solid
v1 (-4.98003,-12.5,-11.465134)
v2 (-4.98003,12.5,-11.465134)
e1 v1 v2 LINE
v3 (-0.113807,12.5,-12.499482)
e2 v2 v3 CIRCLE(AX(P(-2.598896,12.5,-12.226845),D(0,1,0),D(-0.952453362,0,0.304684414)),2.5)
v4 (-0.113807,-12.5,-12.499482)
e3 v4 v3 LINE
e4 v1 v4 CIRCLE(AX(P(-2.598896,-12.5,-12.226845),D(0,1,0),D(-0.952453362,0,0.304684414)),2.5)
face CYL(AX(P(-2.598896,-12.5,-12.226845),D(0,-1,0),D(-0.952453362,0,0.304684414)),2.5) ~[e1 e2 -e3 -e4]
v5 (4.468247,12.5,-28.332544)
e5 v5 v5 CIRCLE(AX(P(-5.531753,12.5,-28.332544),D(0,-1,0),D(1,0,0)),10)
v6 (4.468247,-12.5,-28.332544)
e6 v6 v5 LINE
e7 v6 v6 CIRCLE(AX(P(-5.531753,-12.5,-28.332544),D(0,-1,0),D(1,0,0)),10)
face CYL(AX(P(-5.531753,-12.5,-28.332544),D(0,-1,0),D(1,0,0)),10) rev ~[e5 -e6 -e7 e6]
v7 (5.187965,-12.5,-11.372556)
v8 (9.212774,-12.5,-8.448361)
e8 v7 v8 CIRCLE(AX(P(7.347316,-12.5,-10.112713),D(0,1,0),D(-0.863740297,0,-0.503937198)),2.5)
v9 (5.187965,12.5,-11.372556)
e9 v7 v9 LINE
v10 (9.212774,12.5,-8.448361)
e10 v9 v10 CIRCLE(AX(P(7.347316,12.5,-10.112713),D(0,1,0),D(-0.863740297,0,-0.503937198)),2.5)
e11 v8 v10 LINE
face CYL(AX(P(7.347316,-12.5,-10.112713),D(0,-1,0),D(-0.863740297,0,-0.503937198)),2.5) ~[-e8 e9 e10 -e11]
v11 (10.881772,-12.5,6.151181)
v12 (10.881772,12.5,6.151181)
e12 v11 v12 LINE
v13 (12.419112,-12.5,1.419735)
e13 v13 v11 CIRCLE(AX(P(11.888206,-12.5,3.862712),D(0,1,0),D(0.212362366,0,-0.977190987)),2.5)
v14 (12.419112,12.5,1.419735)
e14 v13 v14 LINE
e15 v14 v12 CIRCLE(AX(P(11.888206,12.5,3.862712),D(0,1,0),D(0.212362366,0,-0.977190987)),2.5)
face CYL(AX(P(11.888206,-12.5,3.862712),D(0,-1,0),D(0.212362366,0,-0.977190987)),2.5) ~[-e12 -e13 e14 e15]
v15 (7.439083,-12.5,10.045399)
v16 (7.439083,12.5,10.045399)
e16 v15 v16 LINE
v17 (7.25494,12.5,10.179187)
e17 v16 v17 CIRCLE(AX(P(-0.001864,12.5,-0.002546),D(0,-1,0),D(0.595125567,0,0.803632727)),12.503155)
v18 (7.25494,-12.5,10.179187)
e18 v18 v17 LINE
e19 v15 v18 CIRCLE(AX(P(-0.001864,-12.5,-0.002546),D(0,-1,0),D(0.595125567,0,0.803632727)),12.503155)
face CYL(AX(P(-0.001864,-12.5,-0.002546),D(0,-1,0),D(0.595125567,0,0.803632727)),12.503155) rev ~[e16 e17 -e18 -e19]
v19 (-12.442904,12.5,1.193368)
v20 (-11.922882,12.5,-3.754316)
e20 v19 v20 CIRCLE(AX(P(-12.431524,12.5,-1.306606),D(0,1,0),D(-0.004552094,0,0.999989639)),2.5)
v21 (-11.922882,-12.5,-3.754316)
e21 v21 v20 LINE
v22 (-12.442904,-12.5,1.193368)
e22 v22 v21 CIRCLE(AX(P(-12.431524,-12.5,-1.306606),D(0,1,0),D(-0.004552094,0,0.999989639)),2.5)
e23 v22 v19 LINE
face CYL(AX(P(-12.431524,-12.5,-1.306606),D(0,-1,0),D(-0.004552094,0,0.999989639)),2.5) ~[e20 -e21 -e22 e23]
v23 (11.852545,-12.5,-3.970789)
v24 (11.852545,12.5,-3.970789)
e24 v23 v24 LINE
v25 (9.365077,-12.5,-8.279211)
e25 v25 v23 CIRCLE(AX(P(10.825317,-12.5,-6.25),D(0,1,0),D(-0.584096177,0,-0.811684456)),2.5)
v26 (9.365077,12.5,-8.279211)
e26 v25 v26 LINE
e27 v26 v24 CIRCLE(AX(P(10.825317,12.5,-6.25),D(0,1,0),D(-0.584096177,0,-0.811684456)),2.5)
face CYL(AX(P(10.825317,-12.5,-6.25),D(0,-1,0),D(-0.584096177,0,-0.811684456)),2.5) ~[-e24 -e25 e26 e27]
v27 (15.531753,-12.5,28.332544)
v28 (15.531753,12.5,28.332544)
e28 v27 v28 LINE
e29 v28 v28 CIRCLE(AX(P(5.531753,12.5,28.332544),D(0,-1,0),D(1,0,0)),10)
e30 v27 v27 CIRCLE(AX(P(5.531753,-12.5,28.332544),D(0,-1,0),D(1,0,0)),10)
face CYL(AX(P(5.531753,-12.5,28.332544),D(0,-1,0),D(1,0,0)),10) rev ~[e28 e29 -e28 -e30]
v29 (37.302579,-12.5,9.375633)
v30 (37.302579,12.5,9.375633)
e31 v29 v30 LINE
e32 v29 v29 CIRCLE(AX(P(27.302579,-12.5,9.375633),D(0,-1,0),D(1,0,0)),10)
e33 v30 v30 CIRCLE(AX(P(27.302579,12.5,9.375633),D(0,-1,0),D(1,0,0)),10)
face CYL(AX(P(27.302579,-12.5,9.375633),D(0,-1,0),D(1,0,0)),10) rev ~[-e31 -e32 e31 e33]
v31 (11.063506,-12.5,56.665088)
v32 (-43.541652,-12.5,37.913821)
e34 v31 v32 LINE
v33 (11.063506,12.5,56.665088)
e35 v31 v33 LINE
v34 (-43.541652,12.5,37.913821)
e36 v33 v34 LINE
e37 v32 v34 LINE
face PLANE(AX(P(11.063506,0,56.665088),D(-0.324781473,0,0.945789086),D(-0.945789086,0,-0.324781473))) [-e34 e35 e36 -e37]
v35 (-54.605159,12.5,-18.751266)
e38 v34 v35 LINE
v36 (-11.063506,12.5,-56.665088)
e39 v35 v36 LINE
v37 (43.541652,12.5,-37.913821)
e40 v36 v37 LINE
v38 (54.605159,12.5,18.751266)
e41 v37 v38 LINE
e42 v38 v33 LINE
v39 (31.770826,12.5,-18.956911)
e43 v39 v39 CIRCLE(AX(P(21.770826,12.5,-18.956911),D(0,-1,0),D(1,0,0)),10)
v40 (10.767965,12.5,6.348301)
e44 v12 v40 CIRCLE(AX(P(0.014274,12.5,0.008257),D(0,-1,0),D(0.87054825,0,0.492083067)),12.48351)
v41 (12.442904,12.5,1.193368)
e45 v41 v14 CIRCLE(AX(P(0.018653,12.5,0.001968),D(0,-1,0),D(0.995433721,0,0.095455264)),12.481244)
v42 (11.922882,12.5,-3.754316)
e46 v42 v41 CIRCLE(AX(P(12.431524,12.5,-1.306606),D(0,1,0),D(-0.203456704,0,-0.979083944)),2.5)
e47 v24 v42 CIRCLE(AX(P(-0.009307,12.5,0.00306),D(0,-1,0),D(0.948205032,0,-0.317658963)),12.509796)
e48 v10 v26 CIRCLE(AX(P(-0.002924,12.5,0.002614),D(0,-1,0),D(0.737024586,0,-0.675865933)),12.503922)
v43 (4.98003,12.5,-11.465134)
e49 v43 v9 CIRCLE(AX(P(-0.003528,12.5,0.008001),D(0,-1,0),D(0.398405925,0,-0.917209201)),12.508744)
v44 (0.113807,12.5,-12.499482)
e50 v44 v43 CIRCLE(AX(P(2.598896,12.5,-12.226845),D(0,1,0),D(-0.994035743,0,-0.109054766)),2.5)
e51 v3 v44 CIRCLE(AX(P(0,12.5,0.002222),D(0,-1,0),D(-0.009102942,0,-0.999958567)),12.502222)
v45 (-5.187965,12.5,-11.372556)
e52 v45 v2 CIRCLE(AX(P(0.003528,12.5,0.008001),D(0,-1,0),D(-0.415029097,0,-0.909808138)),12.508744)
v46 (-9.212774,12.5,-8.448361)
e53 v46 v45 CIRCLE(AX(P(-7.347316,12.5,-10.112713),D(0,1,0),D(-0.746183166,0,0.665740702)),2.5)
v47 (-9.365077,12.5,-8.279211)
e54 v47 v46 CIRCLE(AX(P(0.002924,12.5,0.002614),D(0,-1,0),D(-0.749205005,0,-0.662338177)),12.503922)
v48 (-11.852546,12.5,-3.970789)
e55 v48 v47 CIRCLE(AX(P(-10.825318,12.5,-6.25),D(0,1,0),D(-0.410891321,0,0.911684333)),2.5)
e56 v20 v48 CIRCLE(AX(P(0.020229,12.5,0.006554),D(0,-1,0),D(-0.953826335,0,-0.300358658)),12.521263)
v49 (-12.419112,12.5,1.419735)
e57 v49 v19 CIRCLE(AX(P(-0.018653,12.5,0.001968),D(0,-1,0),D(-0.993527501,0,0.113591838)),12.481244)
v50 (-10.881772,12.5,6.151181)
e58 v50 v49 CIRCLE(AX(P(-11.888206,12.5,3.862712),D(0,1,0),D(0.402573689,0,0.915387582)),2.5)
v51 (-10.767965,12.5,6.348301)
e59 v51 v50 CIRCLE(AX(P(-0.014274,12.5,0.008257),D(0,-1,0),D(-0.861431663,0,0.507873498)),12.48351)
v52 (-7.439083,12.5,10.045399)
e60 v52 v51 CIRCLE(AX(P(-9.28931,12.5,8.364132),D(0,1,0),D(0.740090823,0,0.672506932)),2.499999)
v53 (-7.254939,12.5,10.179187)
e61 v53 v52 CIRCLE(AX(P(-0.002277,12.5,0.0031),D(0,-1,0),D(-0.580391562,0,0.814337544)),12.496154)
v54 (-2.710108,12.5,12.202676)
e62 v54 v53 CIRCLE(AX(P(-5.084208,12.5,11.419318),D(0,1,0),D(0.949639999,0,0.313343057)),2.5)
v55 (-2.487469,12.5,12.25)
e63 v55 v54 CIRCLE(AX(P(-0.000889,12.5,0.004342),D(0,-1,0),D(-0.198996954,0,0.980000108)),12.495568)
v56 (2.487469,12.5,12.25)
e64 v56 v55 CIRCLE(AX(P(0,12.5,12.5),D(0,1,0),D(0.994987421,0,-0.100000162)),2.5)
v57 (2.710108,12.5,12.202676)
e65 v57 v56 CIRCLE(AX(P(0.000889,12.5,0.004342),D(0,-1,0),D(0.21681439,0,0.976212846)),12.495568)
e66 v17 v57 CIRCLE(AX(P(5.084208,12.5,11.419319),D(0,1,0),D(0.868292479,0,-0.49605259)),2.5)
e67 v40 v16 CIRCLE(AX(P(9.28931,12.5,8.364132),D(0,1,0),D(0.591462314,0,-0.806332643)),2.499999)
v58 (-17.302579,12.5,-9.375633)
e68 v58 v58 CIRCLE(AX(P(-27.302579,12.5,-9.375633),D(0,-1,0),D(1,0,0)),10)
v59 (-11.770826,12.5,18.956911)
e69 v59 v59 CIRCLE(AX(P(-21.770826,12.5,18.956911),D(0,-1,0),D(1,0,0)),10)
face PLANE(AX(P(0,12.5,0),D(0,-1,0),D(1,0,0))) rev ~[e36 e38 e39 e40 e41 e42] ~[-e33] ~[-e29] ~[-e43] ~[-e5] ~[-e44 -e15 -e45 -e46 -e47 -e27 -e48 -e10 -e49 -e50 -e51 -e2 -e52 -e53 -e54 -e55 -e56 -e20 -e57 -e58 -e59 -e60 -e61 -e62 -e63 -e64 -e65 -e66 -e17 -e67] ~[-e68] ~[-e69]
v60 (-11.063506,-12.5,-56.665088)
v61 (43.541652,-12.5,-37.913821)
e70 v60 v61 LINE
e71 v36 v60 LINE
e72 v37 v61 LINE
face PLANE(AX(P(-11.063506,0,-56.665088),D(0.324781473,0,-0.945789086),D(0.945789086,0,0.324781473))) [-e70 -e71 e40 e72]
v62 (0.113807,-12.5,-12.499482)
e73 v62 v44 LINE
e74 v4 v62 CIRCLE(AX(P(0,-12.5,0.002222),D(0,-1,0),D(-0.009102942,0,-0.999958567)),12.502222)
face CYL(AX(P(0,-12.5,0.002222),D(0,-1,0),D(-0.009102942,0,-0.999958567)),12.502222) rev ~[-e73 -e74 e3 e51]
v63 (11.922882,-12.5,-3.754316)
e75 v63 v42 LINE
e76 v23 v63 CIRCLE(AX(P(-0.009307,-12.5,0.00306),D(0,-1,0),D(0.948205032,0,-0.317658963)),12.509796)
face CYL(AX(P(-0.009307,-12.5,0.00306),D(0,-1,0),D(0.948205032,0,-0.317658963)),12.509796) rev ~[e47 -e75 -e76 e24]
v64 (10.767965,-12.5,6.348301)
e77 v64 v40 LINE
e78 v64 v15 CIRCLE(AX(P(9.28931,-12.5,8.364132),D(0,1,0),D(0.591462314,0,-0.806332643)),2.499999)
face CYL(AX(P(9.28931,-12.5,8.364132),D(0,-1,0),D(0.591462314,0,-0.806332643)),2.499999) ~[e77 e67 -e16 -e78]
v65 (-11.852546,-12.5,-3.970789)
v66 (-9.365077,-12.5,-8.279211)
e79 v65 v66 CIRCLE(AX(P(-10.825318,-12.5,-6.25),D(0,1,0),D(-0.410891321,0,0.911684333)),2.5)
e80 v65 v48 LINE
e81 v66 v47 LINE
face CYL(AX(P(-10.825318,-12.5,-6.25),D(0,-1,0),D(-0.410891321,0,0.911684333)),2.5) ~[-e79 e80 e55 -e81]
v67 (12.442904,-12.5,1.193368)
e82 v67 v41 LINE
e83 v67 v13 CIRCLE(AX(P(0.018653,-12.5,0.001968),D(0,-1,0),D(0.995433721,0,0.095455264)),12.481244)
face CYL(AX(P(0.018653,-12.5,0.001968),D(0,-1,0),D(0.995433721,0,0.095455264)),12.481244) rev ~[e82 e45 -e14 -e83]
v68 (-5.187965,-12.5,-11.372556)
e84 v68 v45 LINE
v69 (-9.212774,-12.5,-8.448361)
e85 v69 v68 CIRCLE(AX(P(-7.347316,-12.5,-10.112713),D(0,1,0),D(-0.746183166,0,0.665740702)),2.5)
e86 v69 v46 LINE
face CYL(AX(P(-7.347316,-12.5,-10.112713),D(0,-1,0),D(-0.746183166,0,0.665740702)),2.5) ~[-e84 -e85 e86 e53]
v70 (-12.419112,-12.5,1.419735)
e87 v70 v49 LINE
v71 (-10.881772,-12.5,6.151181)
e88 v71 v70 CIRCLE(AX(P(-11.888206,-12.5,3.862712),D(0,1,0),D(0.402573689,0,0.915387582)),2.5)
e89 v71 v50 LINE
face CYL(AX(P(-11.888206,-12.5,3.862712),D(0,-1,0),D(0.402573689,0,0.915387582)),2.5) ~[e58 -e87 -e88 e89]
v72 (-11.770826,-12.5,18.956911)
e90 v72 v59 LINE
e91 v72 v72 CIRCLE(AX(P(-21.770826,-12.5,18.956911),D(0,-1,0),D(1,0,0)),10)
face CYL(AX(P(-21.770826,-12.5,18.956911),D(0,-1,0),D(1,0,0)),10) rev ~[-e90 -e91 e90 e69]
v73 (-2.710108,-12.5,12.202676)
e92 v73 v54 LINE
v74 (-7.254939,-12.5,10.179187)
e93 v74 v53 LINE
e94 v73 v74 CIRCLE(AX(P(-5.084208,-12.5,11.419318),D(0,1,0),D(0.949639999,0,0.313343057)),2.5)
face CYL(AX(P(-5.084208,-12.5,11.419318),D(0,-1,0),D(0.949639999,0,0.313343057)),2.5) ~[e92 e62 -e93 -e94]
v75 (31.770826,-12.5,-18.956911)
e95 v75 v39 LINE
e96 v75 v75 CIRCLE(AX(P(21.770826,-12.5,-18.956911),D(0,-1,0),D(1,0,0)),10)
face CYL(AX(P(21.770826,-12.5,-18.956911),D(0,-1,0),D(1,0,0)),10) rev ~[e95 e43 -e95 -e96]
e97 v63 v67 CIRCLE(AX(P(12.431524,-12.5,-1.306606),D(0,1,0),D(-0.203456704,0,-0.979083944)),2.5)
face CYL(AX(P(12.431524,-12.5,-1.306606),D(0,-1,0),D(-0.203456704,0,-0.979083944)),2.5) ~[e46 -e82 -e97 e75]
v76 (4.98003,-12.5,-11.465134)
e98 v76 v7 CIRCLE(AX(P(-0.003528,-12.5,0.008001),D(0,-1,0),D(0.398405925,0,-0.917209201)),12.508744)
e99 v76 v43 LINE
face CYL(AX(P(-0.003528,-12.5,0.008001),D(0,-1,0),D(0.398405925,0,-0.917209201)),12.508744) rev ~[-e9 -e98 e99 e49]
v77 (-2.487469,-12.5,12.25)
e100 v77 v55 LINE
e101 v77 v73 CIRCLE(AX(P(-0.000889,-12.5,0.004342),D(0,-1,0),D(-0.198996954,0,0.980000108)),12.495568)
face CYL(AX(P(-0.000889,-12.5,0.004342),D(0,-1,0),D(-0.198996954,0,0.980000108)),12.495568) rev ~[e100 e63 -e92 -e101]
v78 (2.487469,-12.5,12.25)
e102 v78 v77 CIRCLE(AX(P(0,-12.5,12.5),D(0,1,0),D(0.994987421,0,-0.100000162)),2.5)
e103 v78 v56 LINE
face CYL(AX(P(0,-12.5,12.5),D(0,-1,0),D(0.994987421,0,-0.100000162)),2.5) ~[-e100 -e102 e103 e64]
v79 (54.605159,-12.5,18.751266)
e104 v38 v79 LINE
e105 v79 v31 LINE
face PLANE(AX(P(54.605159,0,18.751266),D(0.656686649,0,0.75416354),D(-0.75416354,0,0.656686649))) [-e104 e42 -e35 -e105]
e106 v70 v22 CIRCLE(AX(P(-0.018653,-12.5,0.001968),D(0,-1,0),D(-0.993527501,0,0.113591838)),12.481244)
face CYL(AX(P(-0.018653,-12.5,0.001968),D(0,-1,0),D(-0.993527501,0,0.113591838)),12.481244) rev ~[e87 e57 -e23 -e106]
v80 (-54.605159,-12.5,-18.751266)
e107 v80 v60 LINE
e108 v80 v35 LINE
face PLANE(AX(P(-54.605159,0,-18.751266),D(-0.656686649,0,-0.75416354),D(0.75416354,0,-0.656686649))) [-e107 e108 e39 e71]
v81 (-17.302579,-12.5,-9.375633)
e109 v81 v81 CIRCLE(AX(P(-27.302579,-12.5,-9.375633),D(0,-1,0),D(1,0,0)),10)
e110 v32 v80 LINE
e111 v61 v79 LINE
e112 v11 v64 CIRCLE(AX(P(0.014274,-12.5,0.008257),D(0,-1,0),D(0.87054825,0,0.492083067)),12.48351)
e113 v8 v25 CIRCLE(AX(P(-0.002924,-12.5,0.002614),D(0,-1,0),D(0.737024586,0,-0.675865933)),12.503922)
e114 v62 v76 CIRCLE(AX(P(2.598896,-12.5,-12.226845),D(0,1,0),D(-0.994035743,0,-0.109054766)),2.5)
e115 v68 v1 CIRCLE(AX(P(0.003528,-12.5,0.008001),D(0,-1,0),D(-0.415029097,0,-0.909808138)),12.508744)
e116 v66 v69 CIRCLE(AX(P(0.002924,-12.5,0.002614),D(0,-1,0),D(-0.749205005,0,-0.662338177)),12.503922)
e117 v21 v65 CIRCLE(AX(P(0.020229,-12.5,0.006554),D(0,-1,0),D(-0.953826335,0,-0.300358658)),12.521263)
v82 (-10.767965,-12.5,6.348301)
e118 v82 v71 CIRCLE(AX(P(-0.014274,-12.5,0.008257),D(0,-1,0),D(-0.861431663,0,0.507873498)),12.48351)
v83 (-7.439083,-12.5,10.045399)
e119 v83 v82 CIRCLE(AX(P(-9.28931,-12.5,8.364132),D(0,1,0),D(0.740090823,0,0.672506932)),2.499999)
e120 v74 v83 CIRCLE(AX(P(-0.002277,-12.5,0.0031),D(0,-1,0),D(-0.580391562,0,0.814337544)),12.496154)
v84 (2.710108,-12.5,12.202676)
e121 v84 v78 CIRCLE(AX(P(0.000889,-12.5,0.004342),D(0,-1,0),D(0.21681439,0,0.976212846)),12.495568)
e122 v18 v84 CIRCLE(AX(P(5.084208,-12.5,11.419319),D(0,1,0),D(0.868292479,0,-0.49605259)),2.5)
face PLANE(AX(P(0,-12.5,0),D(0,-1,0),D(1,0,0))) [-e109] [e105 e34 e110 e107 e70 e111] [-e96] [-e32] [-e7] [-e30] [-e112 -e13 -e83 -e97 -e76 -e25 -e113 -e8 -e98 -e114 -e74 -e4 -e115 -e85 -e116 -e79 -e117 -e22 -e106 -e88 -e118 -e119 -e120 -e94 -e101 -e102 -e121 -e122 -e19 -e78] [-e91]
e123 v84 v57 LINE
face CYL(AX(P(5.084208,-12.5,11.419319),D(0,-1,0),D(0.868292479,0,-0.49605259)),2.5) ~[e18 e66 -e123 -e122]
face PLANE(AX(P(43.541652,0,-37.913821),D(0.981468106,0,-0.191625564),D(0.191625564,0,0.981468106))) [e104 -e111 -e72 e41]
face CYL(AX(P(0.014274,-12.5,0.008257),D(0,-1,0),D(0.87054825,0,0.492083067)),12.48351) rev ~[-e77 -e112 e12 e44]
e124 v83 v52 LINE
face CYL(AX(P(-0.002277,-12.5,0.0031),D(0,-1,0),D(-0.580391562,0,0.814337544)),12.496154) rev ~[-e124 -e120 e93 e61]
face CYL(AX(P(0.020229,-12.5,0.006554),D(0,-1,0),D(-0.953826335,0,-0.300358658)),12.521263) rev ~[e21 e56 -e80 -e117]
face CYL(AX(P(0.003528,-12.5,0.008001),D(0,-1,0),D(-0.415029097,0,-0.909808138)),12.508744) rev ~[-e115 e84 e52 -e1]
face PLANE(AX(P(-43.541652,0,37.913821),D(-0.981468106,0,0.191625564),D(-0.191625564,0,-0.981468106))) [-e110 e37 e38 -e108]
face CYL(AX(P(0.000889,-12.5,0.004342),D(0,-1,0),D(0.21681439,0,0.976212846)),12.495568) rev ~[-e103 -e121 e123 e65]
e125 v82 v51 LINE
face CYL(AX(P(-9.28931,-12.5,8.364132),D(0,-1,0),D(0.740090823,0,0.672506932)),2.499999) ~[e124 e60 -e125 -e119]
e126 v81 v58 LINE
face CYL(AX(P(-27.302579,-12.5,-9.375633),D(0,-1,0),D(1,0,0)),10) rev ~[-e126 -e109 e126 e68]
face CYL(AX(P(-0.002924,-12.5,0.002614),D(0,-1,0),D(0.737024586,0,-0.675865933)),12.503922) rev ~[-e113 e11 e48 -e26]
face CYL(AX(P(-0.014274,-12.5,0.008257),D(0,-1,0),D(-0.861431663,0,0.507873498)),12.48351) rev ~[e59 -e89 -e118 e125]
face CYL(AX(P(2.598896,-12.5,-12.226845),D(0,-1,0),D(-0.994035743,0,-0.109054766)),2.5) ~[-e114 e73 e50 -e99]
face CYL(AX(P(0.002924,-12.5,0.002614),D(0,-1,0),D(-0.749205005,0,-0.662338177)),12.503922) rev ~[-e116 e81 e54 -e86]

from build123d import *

# Parameters (mm, degrees)
F1_DEPTH = 12.5
F2_R     = 10
F3_DEPTH = 25
F5_DEPTH = 25


with BuildPart() as f1:
    # F0 (on Front) → F1 (new body, symmetric)
    with BuildSketch(Plane.XZ):
        Polygon((-54.605159, -18.751266), (-11.063506, -56.665088), (43.541652, -37.913821), (54.605159, 18.751266), (11.063506, 56.665088), (-43.541652, 37.913821), align=None)
    extrude(amount=F1_DEPTH, both=True)

    # F2 (on face) → F3 (cut)
    with BuildSketch(Plane.XZ.offset(12.5)):
        with Locations((5.531753, 28.332544)):
            Circle(F2_R)
        with Locations((27.302579, 9.375633)):
            Circle(F2_R)
        with Locations((21.770826, -18.956911)):
            Circle(F2_R)
        with Locations((-5.531753, -28.332544)):
            Circle(F2_R)
        with Locations((-27.302579, -9.375633)):
            Circle(F2_R)
        with Locations((-21.770826, 18.956911)):
            Circle(F2_R)
    extrude(amount=-F3_DEPTH, mode=Mode.SUBTRACT)

    # F4 (on face) → F5 (cut)
    with BuildSketch(Plane.XZ.offset(12.5)):
        with BuildLine():
            ThreePointArc((2.487469, 12.25), (0, 10), (-2.487469, 12.25))
            ThreePointArc((-2.487469, 12.25), (-2.598896, 12.226845), (-2.710108, 12.202676))
            ThreePointArc((-2.710108, 12.202676), (-4.067366, 9.135455), (-7.254939, 10.179187))
            ThreePointArc((-7.254939, 10.179187), (-7.347316, 10.112712), (-7.439083, 10.045399))
            ThreePointArc((-7.439083, 10.045399), (-7.431448, 6.691306), (-10.767965, 6.348301))
            ThreePointArc((-10.767965, 6.348301), (-10.825318, 6.25), (-10.881772, 6.151181))
            ThreePointArc((-10.881772, 6.151181), (-9.510565, 3.09017), (-12.419112, 1.419735))
            ThreePointArc((-12.419112, 1.419735), (-12.431524, 1.306606), (-12.442904, 1.193368))
            ThreePointArc((-12.442904, 1.193368), (-9.945219, -1.045285), (-11.922882, -3.754316))
            ThreePointArc((-11.922882, -3.754316), (-11.888206, -3.862712), (-11.852546, -3.970789))
            ThreePointArc((-11.852546, -3.970789), (-8.660254, -5), (-9.365077, -8.279211))
            ThreePointArc((-9.365077, -8.279211), (-9.28931, -8.364133), (-9.212774, -8.448361))
            ThreePointArc((-9.212774, -8.448361), (-5.877853, -8.09017), (-5.187965, -11.372556))
            ThreePointArc((-5.187965, -11.372556), (-5.084208, -11.419318), (-4.98003, -11.465134))
            ThreePointArc((-4.98003, -11.465134), (-2.079117, -9.781476), (-0.113807, -12.499482))
            ThreePointArc((-0.113807, -12.499482), (0, -12.5), (0.113807, -12.499482))
            ThreePointArc((0.113807, -12.499482), (2.079117, -9.781476), (4.98003, -11.465134))
            ThreePointArc((4.98003, -11.465134), (5.084208, -11.419318), (5.187965, -11.372556))
            ThreePointArc((5.187965, -11.372556), (5.877853, -8.09017), (9.212774, -8.448361))
            ThreePointArc((9.212774, -8.448361), (9.28931, -8.364133), (9.365077, -8.279211))
            ThreePointArc((9.365077, -8.279211), (8.660254, -5), (11.852545, -3.970789))
            ThreePointArc((11.852545, -3.970789), (11.888206, -3.862712), (11.922882, -3.754316))
            ThreePointArc((11.922882, -3.754316), (9.945219, -1.045285), (12.442904, 1.193368))
            ThreePointArc((12.442904, 1.193368), (12.431524, 1.306606), (12.419112, 1.419735))
            ThreePointArc((12.419112, 1.419735), (9.510565, 3.09017), (10.881772, 6.151181))
            ThreePointArc((10.881772, 6.151181), (10.825318, 6.25), (10.767965, 6.348301))
            ThreePointArc((10.767965, 6.348301), (7.431448, 6.691306), (7.439083, 10.045399))
            ThreePointArc((7.439083, 10.045399), (7.347316, 10.112712), (7.25494, 10.179187))
            ThreePointArc((7.25494, 10.179187), (4.067366, 9.135455), (2.710108, 12.202676))
            ThreePointArc((2.710108, 12.202676), (2.598896, 12.226845), (2.487469, 12.25))
        make_face()
    extrude(amount=-F5_DEPTH, mode=Mode.SUBTRACT)


solid = f1.part
